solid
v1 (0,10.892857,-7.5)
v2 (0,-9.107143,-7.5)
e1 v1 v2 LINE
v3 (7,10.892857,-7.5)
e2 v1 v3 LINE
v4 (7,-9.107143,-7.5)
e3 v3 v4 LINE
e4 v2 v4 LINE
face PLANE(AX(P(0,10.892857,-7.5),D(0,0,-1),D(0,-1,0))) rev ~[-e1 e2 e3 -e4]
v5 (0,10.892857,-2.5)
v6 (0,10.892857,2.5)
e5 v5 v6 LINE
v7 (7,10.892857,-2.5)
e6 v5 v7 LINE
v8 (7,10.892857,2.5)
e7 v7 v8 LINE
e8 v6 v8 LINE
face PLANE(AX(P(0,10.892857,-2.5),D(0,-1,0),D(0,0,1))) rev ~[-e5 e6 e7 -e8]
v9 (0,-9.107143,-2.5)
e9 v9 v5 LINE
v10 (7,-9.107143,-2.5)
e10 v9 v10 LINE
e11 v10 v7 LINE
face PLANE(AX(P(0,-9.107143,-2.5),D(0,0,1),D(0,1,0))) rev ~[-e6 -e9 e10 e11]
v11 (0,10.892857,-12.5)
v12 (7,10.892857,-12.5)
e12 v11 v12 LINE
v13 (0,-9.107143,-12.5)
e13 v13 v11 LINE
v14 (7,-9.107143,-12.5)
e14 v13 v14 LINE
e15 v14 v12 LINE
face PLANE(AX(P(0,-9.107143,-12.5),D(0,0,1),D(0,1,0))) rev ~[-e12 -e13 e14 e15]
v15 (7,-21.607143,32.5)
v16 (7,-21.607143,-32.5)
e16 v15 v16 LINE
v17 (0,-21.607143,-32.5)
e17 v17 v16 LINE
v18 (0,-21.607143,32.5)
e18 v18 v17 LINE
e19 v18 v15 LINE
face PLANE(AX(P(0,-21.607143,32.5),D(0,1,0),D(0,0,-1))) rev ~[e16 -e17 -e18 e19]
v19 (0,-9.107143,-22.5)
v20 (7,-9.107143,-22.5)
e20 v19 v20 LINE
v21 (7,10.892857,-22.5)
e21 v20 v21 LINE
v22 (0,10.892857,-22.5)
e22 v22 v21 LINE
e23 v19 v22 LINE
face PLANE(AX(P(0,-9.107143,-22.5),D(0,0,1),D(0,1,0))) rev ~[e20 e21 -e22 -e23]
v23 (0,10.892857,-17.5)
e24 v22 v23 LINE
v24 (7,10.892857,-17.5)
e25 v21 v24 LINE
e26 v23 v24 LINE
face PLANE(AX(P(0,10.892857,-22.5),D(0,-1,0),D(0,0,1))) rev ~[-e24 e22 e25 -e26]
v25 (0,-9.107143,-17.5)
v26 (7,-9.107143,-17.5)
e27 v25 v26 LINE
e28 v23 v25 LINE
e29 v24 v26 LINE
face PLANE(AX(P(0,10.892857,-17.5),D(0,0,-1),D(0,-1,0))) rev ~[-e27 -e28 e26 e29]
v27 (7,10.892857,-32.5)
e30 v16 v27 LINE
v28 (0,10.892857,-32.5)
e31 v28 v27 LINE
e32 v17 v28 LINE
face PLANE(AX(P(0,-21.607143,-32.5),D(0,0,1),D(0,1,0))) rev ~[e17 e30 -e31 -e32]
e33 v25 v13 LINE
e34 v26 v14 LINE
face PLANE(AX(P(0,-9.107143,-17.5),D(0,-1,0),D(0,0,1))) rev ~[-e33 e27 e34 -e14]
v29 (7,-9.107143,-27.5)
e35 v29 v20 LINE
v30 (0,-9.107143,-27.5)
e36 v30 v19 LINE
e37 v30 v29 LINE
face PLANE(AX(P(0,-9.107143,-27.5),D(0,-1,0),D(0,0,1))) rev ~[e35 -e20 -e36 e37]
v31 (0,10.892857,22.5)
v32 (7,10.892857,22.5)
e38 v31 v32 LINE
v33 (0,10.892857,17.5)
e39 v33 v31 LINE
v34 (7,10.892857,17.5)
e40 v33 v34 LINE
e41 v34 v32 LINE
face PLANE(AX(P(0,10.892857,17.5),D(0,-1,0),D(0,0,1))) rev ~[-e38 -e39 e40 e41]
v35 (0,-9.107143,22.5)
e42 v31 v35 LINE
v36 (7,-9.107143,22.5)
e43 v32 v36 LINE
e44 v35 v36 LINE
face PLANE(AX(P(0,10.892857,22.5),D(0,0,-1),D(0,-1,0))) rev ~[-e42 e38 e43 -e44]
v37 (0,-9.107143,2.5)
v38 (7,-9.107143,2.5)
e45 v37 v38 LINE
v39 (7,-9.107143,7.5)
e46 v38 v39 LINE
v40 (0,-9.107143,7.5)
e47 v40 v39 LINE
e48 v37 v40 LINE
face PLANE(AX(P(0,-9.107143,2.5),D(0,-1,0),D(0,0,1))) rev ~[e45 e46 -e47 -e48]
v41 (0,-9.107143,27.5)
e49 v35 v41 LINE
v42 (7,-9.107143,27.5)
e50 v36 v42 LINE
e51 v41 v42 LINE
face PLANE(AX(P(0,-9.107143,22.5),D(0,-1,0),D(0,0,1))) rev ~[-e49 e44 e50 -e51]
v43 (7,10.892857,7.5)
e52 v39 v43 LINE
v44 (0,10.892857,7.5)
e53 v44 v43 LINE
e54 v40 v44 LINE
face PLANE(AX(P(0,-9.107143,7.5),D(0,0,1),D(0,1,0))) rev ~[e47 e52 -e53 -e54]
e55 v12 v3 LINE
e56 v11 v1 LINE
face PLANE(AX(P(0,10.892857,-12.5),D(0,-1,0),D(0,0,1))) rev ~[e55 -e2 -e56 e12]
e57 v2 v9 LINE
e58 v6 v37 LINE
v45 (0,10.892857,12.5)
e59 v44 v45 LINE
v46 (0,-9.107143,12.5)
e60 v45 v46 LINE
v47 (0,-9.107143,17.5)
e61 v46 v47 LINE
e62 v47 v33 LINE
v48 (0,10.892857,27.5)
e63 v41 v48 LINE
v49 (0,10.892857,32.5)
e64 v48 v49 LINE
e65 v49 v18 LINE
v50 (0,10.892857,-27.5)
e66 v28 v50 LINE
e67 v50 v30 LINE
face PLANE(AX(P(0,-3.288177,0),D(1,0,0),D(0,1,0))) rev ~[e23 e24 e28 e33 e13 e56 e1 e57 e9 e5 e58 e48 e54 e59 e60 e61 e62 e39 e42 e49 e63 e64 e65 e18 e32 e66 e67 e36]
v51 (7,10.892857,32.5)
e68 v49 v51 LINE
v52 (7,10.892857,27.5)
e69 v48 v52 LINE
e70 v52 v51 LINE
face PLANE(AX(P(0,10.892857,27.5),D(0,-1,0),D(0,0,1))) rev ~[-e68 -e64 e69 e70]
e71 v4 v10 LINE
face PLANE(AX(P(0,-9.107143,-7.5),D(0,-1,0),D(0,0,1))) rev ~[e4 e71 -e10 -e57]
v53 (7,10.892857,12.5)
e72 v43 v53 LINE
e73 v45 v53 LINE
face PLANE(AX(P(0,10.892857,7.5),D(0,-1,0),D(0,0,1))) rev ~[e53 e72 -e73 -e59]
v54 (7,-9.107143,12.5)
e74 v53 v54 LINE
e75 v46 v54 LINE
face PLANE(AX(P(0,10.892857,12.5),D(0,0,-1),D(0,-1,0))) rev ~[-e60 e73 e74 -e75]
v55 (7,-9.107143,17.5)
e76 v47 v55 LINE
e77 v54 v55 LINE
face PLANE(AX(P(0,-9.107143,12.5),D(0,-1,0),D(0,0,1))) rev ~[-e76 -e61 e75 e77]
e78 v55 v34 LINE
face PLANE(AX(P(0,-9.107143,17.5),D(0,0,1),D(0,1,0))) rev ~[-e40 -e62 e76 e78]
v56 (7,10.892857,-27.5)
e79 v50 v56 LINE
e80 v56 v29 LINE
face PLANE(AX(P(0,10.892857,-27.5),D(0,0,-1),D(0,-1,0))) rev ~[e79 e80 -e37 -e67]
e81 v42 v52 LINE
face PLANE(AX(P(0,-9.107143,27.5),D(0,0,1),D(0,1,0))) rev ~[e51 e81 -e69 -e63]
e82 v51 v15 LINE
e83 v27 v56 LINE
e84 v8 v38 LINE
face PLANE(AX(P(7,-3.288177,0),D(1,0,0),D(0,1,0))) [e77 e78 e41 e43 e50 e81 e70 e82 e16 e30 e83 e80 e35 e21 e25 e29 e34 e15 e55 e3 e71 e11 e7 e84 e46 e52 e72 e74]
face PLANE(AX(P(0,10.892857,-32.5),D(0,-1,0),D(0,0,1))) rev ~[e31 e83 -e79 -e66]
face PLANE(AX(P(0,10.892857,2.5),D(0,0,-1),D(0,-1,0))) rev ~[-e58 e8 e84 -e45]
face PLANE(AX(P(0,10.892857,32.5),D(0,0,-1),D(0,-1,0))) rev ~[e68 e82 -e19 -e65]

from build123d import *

# Parameters (mm, degrees)
F1_DEPTH = 7


with BuildPart() as f1:
    # F0 (on Right) → F1 (new body)
    with BuildSketch(Plane.YZ):
        Polygon((10.892857, 32.5), (-21.607143, 32.5), (-21.607143, -32.5), (10.892857, -32.5), (10.892857, -27.5), (-9.107143, -27.5), (-9.107143, -22.5), (10.892857, -22.5), (10.892857, -17.5), (-9.107143, -17.5), (-9.107143, -12.5), (10.892857, -12.5), (10.892857, -7.5), (-9.107143, -7.5), (-9.107143, -2.5), (10.892857, -2.5), (10.892857, 2.5), (-9.107143, 2.5), (-9.107143, 7.5), (10.892857, 7.5), (10.892857, 12.5), (-9.107143, 12.5), (-9.107143, 17.5), (10.892857, 17.5), (10.892857, 22.5), (-9.107143, 22.5), (-9.107143, 27.5), (10.892857, 27.5), align=None)
    extrude(amount=F1_DEPTH)


solid = f1.part
